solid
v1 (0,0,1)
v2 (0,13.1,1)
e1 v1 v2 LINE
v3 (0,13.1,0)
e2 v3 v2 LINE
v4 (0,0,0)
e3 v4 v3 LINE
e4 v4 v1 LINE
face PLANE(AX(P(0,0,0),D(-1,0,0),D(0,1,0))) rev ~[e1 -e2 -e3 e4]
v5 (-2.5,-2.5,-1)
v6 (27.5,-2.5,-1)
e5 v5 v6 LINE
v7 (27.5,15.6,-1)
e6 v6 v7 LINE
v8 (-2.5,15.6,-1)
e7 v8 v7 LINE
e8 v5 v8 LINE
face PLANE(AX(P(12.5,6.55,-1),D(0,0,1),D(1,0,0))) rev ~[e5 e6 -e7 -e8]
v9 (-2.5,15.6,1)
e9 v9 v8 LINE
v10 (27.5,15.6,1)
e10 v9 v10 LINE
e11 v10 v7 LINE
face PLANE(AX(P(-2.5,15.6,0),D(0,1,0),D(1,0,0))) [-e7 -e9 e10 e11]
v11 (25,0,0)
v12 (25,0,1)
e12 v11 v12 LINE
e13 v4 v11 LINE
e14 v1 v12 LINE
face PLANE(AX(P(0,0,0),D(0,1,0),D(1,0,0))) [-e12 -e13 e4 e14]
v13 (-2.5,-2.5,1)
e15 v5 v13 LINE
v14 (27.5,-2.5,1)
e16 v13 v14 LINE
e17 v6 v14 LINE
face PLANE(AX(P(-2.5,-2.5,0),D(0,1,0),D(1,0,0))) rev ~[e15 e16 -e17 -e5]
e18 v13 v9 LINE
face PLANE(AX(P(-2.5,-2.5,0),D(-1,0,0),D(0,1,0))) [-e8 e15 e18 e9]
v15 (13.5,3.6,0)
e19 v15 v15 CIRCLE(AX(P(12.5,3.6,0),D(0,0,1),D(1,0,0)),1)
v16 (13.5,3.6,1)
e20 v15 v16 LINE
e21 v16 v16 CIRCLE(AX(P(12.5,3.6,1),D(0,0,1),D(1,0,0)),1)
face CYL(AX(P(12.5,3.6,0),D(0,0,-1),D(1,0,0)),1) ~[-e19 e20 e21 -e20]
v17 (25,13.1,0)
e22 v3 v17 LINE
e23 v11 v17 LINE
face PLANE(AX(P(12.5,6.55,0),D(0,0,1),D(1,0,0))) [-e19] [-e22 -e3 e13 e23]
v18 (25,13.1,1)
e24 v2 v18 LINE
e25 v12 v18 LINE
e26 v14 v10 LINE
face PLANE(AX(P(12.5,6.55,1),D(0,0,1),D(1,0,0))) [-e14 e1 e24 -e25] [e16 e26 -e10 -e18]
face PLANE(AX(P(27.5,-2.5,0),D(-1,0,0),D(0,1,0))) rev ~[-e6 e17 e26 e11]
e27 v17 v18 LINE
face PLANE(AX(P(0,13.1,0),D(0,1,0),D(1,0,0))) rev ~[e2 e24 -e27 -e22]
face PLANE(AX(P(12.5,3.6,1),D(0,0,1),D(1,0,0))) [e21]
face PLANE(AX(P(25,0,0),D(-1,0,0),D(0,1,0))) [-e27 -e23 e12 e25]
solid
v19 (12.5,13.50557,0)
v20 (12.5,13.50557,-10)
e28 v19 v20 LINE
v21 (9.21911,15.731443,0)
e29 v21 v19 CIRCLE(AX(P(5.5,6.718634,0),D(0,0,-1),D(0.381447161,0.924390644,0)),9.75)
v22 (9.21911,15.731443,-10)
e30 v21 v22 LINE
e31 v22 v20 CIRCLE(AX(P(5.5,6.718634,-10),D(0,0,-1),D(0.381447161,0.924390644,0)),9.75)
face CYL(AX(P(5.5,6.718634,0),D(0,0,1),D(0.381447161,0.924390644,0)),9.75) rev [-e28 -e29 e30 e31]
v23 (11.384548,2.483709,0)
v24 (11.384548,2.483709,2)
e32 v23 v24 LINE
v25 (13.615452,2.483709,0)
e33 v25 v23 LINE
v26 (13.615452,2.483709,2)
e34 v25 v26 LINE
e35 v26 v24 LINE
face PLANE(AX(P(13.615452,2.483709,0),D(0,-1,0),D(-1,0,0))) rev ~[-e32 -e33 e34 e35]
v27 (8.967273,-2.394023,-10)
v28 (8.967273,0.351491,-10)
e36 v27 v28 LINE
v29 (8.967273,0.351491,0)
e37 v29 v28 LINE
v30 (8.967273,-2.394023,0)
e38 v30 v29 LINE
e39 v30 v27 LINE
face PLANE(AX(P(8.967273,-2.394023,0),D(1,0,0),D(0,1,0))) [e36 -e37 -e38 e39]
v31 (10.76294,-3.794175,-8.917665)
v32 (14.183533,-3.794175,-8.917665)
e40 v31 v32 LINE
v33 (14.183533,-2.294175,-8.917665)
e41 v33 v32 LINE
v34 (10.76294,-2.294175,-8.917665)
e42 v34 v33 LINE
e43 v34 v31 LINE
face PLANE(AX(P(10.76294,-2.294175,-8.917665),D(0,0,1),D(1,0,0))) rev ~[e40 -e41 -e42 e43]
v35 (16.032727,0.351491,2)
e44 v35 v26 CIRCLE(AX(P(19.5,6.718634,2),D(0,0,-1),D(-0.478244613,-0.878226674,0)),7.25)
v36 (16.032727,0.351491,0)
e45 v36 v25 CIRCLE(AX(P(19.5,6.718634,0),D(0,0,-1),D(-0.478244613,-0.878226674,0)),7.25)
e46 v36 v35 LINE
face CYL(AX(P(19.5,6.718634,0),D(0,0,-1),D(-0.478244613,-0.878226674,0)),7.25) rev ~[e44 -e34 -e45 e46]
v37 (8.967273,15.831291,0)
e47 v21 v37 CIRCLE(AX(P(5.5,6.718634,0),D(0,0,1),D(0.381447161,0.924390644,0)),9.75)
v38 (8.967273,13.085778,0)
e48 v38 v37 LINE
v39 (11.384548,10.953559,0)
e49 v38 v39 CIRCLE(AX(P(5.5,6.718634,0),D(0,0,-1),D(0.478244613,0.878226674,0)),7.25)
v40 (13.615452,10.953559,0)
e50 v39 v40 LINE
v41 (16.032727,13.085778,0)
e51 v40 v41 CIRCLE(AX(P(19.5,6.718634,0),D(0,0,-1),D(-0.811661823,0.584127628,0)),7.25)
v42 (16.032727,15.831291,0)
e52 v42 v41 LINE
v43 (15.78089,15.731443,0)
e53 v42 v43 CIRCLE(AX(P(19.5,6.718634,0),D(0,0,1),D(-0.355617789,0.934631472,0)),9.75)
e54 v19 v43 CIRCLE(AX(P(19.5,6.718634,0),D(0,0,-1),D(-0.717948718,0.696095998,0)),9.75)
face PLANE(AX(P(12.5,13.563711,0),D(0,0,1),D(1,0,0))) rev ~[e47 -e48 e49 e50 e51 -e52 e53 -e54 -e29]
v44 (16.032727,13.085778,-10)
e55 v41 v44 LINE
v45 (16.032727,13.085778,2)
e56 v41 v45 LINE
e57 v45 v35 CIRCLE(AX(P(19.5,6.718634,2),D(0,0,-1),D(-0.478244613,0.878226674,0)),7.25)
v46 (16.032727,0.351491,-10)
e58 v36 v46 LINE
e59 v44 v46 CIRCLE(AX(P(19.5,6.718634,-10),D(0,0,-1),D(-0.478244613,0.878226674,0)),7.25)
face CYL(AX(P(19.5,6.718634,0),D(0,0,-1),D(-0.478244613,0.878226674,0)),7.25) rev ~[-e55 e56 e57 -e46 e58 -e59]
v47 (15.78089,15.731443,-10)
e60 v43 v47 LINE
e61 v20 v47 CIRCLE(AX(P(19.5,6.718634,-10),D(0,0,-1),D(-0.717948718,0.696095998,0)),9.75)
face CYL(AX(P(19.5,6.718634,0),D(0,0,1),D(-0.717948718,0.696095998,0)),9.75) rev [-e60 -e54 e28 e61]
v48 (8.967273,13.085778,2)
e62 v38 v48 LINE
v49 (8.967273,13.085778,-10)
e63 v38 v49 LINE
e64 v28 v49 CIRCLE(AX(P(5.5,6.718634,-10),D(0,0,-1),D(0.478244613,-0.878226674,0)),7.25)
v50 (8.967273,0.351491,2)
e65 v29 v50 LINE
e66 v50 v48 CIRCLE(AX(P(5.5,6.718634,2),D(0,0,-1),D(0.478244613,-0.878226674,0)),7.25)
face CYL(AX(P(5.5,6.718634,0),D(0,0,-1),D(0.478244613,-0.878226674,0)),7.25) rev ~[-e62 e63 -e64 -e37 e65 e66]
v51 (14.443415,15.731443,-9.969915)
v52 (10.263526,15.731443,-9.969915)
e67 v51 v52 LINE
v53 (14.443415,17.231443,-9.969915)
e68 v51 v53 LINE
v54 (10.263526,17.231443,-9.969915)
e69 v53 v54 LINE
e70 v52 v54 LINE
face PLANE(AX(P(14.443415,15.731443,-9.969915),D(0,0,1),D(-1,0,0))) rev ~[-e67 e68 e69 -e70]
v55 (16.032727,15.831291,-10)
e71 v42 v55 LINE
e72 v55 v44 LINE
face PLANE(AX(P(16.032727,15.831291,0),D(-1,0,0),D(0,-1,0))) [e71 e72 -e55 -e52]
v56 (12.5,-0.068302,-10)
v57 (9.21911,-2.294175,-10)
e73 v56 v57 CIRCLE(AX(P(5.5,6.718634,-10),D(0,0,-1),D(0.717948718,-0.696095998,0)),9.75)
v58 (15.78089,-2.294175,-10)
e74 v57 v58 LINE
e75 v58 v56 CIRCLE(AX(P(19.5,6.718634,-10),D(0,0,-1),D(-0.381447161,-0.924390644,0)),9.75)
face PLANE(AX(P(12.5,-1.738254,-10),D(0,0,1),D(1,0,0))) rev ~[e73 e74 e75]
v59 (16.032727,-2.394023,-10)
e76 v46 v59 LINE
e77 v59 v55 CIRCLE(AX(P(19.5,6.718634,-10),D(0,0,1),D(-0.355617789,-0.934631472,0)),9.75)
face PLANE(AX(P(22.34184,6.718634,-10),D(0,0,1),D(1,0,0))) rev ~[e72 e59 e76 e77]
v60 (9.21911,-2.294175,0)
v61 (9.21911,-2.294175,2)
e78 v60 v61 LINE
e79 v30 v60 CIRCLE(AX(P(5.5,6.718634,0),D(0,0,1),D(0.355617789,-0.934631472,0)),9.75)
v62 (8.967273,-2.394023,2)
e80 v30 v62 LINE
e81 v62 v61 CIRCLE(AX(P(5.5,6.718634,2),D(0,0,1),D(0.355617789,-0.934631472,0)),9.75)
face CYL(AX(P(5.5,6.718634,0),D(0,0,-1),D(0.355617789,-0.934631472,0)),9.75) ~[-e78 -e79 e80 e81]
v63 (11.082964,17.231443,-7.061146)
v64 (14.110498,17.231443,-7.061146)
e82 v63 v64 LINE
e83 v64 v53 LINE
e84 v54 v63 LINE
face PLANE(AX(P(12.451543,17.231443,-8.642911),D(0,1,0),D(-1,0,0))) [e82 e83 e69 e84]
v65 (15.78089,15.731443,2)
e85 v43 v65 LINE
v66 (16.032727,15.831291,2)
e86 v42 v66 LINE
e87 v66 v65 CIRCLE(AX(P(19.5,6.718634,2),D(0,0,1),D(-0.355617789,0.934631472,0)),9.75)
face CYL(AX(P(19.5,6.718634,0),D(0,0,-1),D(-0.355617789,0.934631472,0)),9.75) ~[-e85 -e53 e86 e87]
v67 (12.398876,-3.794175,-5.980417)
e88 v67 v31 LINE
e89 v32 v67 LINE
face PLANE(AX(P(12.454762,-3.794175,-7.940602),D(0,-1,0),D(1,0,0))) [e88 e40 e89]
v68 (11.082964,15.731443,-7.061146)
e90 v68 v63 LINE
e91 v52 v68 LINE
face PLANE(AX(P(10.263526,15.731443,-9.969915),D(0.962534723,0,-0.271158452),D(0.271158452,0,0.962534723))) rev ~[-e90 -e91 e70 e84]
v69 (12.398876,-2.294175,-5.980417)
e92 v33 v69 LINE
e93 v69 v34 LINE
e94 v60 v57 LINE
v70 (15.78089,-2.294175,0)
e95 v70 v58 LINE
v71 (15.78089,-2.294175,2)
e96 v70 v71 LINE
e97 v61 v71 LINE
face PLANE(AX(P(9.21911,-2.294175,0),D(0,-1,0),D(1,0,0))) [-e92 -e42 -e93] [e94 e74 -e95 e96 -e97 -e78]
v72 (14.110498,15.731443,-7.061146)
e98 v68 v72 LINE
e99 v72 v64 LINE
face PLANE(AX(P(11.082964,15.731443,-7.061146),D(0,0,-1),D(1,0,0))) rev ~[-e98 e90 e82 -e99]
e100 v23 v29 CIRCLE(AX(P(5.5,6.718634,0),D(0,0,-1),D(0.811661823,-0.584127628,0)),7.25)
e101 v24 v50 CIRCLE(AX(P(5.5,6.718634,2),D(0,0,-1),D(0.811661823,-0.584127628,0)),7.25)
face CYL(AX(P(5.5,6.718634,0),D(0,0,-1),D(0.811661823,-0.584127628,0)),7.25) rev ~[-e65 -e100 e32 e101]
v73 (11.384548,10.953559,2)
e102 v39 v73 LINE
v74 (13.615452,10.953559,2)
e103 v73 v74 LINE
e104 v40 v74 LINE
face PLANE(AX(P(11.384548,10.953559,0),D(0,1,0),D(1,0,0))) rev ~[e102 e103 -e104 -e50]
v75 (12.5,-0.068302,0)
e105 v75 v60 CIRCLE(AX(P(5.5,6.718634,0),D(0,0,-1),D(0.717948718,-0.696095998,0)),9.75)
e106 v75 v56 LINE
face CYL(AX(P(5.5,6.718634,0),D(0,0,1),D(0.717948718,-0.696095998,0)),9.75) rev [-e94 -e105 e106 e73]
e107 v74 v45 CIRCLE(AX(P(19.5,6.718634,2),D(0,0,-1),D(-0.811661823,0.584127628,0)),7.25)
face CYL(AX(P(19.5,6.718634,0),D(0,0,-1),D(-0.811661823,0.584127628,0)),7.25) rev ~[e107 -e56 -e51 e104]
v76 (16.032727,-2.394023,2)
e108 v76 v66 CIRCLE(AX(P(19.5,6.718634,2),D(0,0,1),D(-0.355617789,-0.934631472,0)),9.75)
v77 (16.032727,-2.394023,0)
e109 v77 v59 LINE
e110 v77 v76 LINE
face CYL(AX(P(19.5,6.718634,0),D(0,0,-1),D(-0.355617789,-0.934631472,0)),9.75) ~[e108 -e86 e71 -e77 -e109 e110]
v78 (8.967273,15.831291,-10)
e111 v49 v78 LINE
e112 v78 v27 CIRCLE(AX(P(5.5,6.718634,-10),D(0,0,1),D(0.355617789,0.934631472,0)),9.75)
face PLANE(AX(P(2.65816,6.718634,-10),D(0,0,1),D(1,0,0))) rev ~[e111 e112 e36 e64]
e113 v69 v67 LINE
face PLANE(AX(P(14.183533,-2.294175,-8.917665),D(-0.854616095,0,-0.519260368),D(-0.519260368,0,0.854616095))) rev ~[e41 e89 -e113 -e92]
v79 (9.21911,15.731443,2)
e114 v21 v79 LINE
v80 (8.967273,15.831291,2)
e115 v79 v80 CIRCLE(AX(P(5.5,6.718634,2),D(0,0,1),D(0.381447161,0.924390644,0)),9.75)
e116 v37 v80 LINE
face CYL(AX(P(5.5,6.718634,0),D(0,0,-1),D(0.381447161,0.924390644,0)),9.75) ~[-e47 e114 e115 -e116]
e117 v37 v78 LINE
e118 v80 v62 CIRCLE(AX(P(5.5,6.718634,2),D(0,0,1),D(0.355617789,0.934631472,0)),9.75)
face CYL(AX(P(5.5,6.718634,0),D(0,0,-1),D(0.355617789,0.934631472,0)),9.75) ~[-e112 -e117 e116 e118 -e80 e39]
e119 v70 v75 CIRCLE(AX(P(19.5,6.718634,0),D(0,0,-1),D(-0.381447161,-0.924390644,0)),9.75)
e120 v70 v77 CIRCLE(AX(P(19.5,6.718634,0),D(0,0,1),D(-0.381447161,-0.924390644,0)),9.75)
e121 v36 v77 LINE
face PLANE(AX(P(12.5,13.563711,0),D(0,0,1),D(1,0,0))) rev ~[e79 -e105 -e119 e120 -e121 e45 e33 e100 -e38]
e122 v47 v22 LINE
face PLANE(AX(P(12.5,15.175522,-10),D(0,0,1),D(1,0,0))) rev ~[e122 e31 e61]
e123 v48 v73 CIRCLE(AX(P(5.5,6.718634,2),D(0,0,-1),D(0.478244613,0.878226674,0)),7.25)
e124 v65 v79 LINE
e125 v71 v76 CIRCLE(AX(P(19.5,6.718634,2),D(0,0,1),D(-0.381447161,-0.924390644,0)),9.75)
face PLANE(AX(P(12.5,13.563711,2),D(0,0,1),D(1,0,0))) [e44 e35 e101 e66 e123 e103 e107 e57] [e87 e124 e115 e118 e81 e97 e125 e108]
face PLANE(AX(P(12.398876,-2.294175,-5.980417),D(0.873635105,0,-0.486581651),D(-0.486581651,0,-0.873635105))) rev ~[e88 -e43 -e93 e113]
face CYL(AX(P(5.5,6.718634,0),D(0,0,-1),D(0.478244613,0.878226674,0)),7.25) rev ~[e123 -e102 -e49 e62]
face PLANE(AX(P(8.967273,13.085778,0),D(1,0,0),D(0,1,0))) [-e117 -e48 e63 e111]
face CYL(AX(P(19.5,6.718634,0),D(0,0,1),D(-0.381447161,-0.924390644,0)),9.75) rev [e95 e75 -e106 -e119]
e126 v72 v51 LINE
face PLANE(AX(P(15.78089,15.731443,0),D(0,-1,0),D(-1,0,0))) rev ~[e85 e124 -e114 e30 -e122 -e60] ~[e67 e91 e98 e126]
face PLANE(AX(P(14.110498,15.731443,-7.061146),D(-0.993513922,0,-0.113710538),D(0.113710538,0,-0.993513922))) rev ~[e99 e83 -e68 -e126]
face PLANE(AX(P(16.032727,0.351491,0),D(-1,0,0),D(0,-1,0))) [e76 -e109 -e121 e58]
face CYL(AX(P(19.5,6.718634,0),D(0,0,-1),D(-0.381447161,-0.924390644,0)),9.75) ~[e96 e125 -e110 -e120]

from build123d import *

# Parameters (mm, degrees)
F1_W      = 30
F1_H      = 18.1
F1_W_2    = 25
F1_H_2    = 13.1
F1_R      = 1
F2_DEPTH  = 1
F3_DEPTH  = 1
F5_DEPTH  = 2
F6_DEPTH  = 10
F8_DEPTH  = 1.5
F10_DEPTH = 1.5


with BuildPart() as f2:
    # F1 (on Top) → F2 (new body)
    with BuildSketch(Plane.XY):
        with Locations((12.5, 6.55)):
            Rectangle(F1_W, F1_H)
        with Locations((12.5, 6.55)):
            Rectangle(F1_W_2, F1_H_2, mode=Mode.SUBTRACT)
        with Locations((12.5, 6.55)):
            Rectangle(F1_W_2, F1_H_2)
        with Locations((12.5, 3.6)):
            Circle(F1_R, mode=Mode.SUBTRACT)
        with Locations((12.5, 3.6)):
            Circle(F1_R)
    extrude(amount=-F2_DEPTH)

    # F1 (on Top) → F3 (join)
    with BuildSketch(Plane.XY):
        with Locations((12.5, 6.55)):
            Rectangle(F1_W, F1_H)
        with Locations((12.5, 6.55)):
            Rectangle(F1_W_2, F1_H_2, mode=Mode.SUBTRACT)
        with Locations((12.5, 3.6)):
            Circle(F1_R)
    extrude(amount=F3_DEPTH)


with BuildPart() as f5:
    # F4 (on Top) → F5 (new body)
    with BuildSketch(Plane.XY):
        with BuildLine():
            ThreePointArc((15.7808901789, 15.731442944), (14.0261114122, 14.7870320036), (12.5, 13.5055701423))
            ThreePointArc((12.5, 13.5055701423), (10.9738885878, 14.7870320036), (9.2191098211, 15.731442944))
            ThreePointArc((9.2191098211, 15.731442944), (9.0935384384, 15.782241694), (8.9672734415, 15.831291013))
            Line((8.9672734415, 15.831291013), (8.9672734415, 13.0857775468))
            ThreePointArc((8.9672734415, 13.0857775468), (10.2959076895, 12.1557077715), (11.3845482155, 10.9535594624))
            Line((11.3845482155, 10.9535594624), (13.6154517845, 10.9535594624))
            ThreePointArc((13.6154517845, 10.9535594624), (14.7040923105, 12.1557077715), (16.0327265585, 13.0857775468))
            Line((16.0327265585, 13.0857775468), (16.0327265585, 15.831291013))
            ThreePointArc((16.0327265585, 15.831291013), (15.9064615616, 15.782241694), (15.7808901789, 15.731442944))
        make_face()
        with BuildLine():
            ThreePointArc((9.2191098211, 15.731442944), (10.9738885878, 14.7870320036), (12.5, 13.5055701423))
            ThreePointArc((12.5, 13.5055701423), (14.0261114122, 14.7870320036), (15.7808901789, 15.731442944))
            Line((15.7808901789, 15.731442944), (9.2191098211, 15.731442944))
        make_face()
        with BuildLine():
            Line((8.9672734415, 13.0857775468), (8.9672734415, 15.831291013))
            ThreePointArc((8.9672734415, 15.831291013), (-4.25, 6.7186341621), (8.9672734415, -2.3940226888))
            Line((8.9672734415, -2.3940226888), (8.9672734415, 0.3514907774))
            ThreePointArc((8.9672734415, 0.3514907774), (-1.75, 6.7186341621), (8.9672734415, 13.0857775468))
        make_face()
        with BuildLine():
            ThreePointArc((16.0327265585, -2.3940226888), (29.25, 6.7186341621), (16.0327265585, 15.831291013))
            Line((16.0327265585, 15.831291013), (16.0327265585, 13.0857775468))
            ThreePointArc((16.0327265585, 13.0857775468), (26.75, 6.7186341621), (16.0327265585, 0.3514907774))
            Line((16.0327265585, 0.3514907774), (16.0327265585, -2.3940226888))
        make_face()
        with BuildLine():
            Line((8.9672734415, 0.3514907774), (8.9672734415, -2.3940226888))
            ThreePointArc((8.9672734415, -2.3940226888), (9.0935384384, -2.3449733698), (9.2191098211, -2.2941746198))
            ThreePointArc((9.2191098211, -2.2941746198), (10.9738885878, -1.3497636794), (12.5, -0.0683018182))
            ThreePointArc((12.5, -0.0683018182), (14.0261114122, -1.3497636794), (15.7808901789, -2.2941746198))
            ThreePointArc((15.7808901789, -2.2941746198), (15.9064615616, -2.3449733698), (16.0327265585, -2.3940226888))
            Line((16.0327265585, -2.3940226888), (16.0327265585, 0.3514907774))
            ThreePointArc((16.0327265585, 0.3514907774), (14.7040923105, 1.2815605527), (13.6154517845, 2.4837088618))
            Line((13.6154517845, 2.4837088618), (11.3845482155, 2.4837088618))
            ThreePointArc((11.3845482155, 2.4837088618), (10.2959076895, 1.2815605527), (8.9672734415, 0.3514907774))
        make_face()
        with BuildLine():
            ThreePointArc((12.5, -0.0683018182), (10.9738885878, -1.3497636794), (9.2191098211, -2.2941746198))
            Line((9.2191098211, -2.2941746198), (15.7808901789, -2.2941746198))
            ThreePointArc((15.7808901789, -2.2941746198), (14.0261114122, -1.3497636794), (12.5, -0.0683018182))
        make_face()
    extrude(amount=F5_DEPTH)

    # F4 (on Top) → F6 (join)
    with BuildSketch(Plane.XY):
        with BuildLine():
            ThreePointArc((12.5, -0.0683018182), (10.9738885878, -1.3497636794), (9.2191098211, -2.2941746198))
            Line((9.2191098211, -2.2941746198), (15.7808901789, -2.2941746198))
            ThreePointArc((15.7808901789, -2.2941746198), (14.0261114122, -1.3497636794), (12.5, -0.0683018182))
        make_face()
        with BuildLine():
            Line((8.9672734415, 13.0857775468), (8.9672734415, 15.831291013))
            ThreePointArc((8.9672734415, 15.831291013), (-4.25, 6.7186341621), (8.9672734415, -2.3940226888))
            Line((8.9672734415, -2.3940226888), (8.9672734415, 0.3514907774))
            ThreePointArc((8.9672734415, 0.3514907774), (-1.75, 6.7186341621), (8.9672734415, 13.0857775468))
        make_face()
        with BuildLine():
            ThreePointArc((16.0327265585, -2.3940226888), (29.25, 6.7186341621), (16.0327265585, 15.831291013))
            Line((16.0327265585, 15.831291013), (16.0327265585, 13.0857775468))
            ThreePointArc((16.0327265585, 13.0857775468), (26.75, 6.7186341621), (16.0327265585, 0.3514907774))
            Line((16.0327265585, 0.3514907774), (16.0327265585, -2.3940226888))
        make_face()
        with BuildLine():
            ThreePointArc((9.2191098211, 15.731442944), (10.9738885878, 14.7870320036), (12.5, 13.5055701423))
            ThreePointArc((12.5, 13.5055701423), (14.0261114122, 14.7870320036), (15.7808901789, 15.731442944))
            Line((15.7808901789, 15.731442944), (9.2191098211, 15.731442944))
        make_face()
    extrude(amount=-F6_DEPTH)

    # F7 (on face) → F8 (join)
    with BuildSketch(Plane.XZ.offset(2.2941746198)):
        Polygon((14.1835333779, -8.917665109), (12.3988762498, -5.9804166667), (10.7629401609, -8.917665109), align=None)
    extrude(amount=F8_DEPTH)

    # F9 (on face) → F10 (join)
    with BuildSketch(Plane(origin=(0, 15.731442944, 0), x_dir=(-1, 0, 0), z_dir=(0, 1, 0))):
        Polygon((-14.1104983749, -7.061145734), (-14.4434154477, -9.9699152634), (-10.2635258223, -9.9699152634), (-11.082963733, -7.061145734), align=None)
    extrude(amount=F10_DEPTH)


solid = Compound([f2.part, f5.part])
